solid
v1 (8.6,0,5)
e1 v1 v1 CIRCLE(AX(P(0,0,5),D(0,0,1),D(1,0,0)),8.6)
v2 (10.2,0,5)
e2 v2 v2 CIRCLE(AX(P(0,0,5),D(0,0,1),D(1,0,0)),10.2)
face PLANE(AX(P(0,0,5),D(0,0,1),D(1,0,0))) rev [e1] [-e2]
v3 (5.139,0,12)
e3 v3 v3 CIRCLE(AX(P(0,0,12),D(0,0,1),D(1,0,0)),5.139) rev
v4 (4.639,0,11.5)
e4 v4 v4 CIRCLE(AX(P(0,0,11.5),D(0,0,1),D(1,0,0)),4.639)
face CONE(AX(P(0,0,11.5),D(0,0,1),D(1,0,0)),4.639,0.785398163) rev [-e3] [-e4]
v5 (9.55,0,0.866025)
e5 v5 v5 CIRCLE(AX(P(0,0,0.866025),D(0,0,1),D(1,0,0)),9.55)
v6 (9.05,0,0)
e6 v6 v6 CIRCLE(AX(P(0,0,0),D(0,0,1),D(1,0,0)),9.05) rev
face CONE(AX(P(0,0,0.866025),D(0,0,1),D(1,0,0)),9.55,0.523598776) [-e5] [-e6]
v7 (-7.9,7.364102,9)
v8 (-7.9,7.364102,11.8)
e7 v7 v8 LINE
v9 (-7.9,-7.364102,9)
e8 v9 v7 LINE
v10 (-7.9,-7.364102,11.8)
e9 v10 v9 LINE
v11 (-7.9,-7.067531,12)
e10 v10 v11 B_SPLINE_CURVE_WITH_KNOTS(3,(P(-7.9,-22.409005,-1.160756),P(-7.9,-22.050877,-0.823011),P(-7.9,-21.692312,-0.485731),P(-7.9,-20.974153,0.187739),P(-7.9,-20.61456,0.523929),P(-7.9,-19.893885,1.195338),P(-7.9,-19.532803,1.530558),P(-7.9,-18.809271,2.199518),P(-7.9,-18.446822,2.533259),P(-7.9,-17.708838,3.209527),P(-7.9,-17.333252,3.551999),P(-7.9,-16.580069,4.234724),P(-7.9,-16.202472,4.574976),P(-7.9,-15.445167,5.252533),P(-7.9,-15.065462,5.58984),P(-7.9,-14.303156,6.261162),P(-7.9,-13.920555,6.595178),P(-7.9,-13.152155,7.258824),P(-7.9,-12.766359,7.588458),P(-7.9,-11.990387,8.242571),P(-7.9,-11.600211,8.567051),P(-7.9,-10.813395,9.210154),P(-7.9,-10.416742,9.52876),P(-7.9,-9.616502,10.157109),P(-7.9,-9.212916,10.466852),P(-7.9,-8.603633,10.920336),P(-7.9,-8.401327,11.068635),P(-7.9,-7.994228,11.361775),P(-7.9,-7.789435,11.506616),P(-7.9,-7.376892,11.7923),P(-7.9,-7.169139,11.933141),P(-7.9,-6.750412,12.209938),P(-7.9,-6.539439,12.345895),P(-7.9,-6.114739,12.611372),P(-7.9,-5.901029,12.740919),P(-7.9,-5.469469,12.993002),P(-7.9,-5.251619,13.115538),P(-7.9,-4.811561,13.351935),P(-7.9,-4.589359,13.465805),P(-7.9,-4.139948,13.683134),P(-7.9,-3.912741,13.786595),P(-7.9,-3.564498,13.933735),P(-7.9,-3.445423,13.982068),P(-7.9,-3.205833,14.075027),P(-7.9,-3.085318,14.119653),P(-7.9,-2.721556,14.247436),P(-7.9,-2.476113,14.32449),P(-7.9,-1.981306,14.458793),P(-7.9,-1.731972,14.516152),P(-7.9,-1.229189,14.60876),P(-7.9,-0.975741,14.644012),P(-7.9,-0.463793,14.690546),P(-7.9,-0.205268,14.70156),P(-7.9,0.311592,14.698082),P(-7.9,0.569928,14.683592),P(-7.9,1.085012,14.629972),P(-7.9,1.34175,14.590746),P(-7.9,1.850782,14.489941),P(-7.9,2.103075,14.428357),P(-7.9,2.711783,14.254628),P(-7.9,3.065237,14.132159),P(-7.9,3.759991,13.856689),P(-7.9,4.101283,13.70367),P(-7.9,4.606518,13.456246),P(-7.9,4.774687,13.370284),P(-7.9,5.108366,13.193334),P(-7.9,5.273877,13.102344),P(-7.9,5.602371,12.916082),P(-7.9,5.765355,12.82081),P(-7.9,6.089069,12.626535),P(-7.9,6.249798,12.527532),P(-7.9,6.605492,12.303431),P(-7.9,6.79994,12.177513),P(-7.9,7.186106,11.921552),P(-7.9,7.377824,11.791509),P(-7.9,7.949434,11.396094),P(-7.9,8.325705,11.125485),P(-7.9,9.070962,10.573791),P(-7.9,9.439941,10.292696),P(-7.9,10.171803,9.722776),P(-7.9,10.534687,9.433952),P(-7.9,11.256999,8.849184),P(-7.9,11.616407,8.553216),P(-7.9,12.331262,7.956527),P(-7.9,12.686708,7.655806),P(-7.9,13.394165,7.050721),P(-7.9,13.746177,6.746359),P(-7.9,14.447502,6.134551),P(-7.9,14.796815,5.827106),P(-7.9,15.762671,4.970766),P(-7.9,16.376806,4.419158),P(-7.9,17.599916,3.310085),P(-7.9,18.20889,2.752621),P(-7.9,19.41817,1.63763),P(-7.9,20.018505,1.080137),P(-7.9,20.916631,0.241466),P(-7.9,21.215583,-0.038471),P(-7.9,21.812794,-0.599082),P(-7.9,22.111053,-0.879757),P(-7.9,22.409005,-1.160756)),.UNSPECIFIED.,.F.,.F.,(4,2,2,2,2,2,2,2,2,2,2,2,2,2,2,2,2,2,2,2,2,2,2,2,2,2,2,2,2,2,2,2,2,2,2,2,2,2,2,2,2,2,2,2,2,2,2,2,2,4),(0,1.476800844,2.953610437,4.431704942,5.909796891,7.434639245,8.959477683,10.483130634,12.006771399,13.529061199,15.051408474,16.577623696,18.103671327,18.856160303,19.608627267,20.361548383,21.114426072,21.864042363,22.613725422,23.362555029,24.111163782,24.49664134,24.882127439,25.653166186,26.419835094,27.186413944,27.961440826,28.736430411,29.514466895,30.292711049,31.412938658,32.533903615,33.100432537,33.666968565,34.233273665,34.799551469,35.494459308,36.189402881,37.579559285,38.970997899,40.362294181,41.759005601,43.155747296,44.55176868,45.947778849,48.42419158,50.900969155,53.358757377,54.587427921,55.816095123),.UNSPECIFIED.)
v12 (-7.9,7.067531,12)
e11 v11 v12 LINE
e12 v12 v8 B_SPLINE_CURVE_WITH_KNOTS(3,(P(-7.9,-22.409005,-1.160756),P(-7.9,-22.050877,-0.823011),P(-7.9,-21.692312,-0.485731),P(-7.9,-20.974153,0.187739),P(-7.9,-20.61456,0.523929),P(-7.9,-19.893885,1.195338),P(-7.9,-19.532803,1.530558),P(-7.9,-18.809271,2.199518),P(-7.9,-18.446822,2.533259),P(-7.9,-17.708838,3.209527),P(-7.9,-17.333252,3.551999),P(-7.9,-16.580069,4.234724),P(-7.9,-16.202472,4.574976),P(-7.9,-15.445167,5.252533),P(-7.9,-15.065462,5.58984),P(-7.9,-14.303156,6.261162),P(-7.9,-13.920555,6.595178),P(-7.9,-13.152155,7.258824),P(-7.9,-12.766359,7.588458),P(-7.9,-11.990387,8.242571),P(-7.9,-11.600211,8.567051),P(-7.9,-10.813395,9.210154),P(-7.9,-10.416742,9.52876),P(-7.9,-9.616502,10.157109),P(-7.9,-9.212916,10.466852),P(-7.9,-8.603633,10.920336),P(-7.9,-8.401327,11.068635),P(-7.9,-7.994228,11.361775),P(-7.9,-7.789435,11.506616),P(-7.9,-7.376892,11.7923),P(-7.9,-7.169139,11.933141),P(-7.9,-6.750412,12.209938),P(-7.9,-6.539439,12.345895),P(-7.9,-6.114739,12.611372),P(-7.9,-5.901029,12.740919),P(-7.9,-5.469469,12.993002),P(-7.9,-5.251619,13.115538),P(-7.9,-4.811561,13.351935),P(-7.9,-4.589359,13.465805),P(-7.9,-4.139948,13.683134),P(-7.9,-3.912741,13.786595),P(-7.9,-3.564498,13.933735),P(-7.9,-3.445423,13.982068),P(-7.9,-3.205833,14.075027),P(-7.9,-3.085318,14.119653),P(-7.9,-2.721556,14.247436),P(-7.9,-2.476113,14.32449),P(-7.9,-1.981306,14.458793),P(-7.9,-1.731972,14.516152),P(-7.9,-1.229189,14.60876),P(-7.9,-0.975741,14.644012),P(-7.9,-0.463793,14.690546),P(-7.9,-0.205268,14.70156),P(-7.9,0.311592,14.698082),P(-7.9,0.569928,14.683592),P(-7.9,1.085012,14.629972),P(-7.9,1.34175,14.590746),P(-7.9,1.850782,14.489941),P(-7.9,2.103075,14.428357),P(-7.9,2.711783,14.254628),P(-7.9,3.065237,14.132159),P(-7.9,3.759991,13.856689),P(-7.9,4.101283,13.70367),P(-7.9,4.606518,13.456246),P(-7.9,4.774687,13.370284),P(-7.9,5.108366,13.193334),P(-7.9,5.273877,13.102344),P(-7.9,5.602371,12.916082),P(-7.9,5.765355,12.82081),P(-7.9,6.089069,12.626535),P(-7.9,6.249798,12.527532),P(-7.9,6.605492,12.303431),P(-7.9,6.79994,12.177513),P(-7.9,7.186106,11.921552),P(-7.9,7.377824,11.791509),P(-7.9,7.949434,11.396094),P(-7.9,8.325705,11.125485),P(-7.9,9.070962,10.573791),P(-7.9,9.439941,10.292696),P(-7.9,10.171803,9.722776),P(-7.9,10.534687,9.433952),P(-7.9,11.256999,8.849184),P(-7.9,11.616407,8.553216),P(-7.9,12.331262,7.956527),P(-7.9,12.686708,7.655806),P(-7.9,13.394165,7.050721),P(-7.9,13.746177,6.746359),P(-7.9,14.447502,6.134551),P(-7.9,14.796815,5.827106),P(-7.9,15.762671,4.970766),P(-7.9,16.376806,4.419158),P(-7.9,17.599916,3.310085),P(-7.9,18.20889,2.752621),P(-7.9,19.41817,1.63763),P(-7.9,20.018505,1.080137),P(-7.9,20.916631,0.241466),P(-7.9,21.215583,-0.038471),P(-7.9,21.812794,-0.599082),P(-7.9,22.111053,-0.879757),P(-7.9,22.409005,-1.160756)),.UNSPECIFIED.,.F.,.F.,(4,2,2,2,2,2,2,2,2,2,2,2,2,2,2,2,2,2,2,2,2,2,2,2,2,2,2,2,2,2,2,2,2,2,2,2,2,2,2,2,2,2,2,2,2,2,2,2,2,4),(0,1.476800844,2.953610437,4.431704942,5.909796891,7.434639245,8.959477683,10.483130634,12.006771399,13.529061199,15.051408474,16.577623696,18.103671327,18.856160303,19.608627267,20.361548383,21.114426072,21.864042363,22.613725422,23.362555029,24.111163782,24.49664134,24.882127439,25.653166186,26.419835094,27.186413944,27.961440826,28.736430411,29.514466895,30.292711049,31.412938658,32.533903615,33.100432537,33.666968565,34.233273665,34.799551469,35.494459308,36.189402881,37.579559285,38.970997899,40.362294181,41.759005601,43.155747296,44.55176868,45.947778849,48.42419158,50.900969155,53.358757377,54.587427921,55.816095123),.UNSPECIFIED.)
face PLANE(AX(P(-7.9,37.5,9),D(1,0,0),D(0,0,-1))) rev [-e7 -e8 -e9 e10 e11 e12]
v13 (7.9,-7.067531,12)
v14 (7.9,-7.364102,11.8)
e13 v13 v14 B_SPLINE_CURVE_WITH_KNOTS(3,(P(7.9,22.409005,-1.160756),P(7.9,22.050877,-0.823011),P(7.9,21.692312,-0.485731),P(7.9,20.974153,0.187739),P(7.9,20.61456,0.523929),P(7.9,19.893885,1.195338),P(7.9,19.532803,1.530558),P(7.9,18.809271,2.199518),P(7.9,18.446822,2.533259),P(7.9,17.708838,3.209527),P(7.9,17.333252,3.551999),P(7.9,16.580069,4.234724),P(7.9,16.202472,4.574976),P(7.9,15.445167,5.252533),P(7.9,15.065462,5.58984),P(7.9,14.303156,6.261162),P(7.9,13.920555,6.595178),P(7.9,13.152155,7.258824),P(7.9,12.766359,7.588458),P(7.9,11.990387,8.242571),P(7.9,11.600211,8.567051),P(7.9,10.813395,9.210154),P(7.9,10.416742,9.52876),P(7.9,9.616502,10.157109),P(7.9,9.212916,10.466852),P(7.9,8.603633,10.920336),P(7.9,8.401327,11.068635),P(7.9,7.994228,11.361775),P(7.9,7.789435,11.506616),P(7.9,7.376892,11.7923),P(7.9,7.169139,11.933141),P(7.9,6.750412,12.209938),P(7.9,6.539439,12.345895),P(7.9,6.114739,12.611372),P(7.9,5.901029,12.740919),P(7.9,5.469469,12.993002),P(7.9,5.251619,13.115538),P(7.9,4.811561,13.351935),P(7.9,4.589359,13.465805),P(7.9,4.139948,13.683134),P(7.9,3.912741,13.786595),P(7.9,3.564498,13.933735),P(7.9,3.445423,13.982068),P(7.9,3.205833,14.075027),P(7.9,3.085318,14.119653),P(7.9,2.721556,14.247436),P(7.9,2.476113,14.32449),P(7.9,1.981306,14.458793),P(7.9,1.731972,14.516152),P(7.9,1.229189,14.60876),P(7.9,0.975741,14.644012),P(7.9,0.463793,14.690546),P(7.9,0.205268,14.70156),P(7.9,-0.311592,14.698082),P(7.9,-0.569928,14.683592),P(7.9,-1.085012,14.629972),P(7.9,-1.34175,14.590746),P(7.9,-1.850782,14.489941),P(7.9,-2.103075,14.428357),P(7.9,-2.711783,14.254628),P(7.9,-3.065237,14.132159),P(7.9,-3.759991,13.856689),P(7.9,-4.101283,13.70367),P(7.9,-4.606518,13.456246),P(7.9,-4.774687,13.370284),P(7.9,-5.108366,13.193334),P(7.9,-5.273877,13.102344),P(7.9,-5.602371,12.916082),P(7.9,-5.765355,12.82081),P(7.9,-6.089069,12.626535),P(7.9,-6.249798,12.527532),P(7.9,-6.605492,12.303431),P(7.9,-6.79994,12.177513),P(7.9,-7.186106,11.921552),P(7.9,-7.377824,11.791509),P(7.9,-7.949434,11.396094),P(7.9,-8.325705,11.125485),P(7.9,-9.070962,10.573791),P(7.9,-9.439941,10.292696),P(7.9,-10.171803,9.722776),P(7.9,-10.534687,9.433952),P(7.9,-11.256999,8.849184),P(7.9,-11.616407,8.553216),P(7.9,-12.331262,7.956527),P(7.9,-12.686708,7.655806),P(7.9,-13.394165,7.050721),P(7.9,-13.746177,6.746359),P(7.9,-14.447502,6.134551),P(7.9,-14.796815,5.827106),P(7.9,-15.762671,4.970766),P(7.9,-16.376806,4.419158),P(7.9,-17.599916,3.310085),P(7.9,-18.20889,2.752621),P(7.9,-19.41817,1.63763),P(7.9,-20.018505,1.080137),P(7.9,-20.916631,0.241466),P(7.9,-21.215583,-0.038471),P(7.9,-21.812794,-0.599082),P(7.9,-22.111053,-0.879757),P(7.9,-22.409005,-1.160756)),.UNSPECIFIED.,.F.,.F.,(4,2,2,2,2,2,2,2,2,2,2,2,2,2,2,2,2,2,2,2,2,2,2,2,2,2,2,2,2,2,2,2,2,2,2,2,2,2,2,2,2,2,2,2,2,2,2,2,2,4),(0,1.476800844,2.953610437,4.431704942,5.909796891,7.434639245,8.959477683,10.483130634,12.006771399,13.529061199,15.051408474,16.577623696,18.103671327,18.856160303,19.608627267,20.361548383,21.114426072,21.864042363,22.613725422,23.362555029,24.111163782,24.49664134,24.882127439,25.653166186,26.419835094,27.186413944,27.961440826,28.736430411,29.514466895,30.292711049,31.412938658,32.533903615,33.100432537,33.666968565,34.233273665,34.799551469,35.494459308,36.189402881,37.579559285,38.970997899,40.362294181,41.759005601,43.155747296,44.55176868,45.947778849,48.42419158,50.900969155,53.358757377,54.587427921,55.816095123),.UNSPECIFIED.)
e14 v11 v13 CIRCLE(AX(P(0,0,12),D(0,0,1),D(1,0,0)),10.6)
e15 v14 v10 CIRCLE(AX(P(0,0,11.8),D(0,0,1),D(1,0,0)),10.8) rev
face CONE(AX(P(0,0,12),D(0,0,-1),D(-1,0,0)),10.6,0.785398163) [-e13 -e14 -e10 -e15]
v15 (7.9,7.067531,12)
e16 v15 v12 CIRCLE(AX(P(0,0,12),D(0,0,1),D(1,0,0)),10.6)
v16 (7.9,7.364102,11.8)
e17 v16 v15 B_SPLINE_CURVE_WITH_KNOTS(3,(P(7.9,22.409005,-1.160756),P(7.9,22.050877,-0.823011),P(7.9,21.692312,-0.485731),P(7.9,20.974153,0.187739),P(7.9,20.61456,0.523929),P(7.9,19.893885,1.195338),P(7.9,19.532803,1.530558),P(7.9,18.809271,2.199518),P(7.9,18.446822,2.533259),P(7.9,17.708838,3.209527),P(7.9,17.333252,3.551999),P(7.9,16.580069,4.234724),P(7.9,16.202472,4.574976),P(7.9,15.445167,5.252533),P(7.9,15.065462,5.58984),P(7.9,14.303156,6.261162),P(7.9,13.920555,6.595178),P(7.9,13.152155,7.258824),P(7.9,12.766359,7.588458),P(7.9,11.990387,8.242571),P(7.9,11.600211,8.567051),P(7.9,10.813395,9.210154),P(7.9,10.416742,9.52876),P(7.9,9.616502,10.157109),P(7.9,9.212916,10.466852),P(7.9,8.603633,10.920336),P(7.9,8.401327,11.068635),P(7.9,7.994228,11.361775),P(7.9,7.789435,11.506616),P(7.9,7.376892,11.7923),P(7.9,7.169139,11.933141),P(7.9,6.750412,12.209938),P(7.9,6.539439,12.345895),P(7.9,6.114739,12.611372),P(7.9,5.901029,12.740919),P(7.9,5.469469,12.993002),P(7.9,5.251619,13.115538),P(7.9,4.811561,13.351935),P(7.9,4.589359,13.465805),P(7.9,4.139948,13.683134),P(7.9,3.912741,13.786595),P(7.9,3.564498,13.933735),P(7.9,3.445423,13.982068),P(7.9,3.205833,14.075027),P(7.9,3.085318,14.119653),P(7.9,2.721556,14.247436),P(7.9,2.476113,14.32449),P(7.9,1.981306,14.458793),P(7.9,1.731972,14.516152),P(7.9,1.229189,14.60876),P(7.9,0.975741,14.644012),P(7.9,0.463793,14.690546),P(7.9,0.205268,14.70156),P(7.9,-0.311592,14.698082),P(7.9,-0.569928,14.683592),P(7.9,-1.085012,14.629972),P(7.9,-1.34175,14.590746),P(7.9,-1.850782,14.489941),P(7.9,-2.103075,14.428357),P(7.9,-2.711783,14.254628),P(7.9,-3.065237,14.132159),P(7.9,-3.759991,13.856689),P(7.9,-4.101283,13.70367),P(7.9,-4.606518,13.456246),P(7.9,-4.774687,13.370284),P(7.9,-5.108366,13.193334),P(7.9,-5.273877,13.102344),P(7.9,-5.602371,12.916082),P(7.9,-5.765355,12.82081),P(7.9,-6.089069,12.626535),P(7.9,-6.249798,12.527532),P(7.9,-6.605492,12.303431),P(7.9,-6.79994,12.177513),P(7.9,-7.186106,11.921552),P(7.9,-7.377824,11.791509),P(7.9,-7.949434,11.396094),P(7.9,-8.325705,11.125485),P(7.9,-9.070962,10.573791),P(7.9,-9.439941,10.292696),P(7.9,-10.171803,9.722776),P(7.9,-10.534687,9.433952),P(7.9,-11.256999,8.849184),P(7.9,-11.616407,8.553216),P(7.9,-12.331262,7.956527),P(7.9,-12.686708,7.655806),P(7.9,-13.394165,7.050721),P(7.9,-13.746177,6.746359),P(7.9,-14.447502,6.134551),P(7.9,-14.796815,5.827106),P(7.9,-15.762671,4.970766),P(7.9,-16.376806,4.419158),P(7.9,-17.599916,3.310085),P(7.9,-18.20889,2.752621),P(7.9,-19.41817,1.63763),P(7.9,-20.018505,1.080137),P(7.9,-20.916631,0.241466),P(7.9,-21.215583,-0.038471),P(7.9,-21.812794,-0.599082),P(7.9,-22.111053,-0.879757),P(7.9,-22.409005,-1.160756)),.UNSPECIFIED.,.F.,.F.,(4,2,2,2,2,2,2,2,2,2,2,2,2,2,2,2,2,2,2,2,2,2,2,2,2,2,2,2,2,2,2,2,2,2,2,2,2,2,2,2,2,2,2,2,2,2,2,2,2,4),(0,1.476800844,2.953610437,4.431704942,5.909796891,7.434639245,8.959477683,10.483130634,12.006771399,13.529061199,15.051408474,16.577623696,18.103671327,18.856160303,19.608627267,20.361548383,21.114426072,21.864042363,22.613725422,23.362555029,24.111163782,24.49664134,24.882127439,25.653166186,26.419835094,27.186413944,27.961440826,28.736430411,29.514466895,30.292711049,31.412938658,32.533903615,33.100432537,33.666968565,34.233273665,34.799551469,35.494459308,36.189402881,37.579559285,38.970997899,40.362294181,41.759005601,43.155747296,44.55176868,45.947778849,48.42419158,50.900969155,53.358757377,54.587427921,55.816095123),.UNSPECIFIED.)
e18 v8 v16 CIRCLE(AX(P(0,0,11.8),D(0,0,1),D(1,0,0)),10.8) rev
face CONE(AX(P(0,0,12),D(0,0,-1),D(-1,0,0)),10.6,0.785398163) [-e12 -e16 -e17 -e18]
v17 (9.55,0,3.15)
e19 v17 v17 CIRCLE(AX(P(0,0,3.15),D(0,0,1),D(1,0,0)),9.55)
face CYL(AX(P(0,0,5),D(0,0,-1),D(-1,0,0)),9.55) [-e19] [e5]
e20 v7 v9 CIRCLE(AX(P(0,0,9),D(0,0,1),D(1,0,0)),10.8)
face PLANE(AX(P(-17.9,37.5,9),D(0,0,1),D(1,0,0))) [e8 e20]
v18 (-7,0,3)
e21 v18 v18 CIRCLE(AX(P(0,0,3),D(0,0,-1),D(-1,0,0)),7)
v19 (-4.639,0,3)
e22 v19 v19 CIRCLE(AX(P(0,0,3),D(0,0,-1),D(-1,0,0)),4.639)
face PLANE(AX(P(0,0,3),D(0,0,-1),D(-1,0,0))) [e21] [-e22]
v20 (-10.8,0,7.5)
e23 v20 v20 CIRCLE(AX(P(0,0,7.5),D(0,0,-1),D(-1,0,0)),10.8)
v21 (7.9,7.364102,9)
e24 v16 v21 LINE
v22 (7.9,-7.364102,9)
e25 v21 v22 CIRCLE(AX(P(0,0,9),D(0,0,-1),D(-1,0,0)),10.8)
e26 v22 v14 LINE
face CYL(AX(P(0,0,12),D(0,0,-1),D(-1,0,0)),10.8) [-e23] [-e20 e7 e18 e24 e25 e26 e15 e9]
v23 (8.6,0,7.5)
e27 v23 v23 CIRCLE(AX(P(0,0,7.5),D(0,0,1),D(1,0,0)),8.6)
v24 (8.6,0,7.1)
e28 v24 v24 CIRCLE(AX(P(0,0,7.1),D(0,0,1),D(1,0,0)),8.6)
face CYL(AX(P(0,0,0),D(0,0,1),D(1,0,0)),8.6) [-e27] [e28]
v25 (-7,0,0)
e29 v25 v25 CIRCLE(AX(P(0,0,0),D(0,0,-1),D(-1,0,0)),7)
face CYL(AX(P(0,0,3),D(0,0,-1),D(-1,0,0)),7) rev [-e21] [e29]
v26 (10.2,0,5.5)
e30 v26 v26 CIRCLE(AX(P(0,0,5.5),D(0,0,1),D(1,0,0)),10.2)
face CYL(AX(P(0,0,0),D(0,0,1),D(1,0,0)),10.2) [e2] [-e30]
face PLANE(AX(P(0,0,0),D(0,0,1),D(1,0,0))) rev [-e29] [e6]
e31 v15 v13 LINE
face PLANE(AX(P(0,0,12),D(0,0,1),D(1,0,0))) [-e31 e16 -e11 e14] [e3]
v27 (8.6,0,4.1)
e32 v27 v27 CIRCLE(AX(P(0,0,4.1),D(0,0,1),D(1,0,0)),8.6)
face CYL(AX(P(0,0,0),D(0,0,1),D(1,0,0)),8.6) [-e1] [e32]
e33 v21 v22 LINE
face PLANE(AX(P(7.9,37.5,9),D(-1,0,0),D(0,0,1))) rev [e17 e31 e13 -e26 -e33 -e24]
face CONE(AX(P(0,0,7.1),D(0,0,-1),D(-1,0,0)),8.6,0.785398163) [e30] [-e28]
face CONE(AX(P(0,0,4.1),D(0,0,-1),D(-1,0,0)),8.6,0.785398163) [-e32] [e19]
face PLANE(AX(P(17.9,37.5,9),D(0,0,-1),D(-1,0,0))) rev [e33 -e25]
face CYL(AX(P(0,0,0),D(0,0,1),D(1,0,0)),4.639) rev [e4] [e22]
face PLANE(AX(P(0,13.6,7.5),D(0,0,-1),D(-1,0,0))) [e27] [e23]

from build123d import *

# Parameters (mm, degrees)
SKETCH1_R                = 9.55
TUBEINTERFACE1_DEPTH     = 5
SKETCH3_R                = 10.8
BODY_DEPTH               = 7
BODYCHAMFER_SIZE         = 0.2
SKETCH4_W                = 10
SKETCH4_H                = 75
FLATS_DEPTH              = 3
SKETCH27_R               = 7
HEADCOVERBORE_DEPTH      = 3
SKETCH28_R               = 4.639
INLINE_PORT_DEPTH        = 20.423696867
INLINE_PORT_CHAMFER_SIZE = 0.5
CHAMFER4_SIZE            = 0.5
CHAMFER4_SIZE2           = 0.866025404


with BuildPart() as part:
    # Sketch1 → TubeInterface1 (new body)
    with BuildSketch(Plane.XY):
        Circle(SKETCH1_R)
    extrude(amount=TUBEINTERFACE1_DEPTH)

    # Sketch3 → Body (add)
    with BuildSketch(Plane.XY.offset(5)):
        Circle(SKETCH3_R)
    extrude(amount=BODY_DEPTH)

    # BodyChamfer
    bodychamfer_edges = [part.edges().sort_by_distance(p)[0] for p in [
        (-10.8, 0, 12),
    ]]
    chamfer(bodychamfer_edges, length=BODYCHAMFER_SIZE)

    # Sketch4 → Flats (cut)
    with BuildSketch(Plane.XY.offset(12)):
        with Locations((-12.9, 0)):
            Rectangle(SKETCH4_W, SKETCH4_H)
        with Locations((12.9, 0)):
            Rectangle(SKETCH4_W, SKETCH4_H)
    extrude(amount=-FLATS_DEPTH, mode=Mode.SUBTRACT)

    # Sketch23 → RodCoverCrimp (revolve, cut)
    with BuildSketch(Plane(origin=(0, 0, 0), x_dir=(0, 0, -1), z_dir=(1, 0, 0)), mode=Mode.PRIVATE) as rodcovercrimp_sk:
        Polygon((-7.5, 13.6), (-5, 13.6), (-5, 10.2), (-5.5, 10.2), (-7.1, 8.6), (-7.5, 8.6), align=None)
    revolve(rodcovercrimp_sk.sketch.rotate(Axis((0, 0, 0), (0, 0, -1)), 90), axis=Axis((0, 0, 0), (0, 0, -1)), mode=Mode.SUBTRACT)

    # Sketch24 → TubeInterfaceCrimp (revolve, cut)
    with BuildSketch(Plane(origin=(0, 0, 0), x_dir=(0, 0, -1), z_dir=(1, 0, 0)), mode=Mode.PRIVATE) as tubeinterfacecrimp_sk:
        Polygon((-5, 34.292463075), (-5, 8.6), (-4.1, 8.6), (-3.15, 9.55), (0, 9.55), (0, 34.292463075), align=None)
    revolve(tubeinterfacecrimp_sk.sketch.rotate(Axis((0, 0, 0), (0, 0, -1)), 90), axis=Axis((0, 0, 0), (0, 0, -1)), mode=Mode.SUBTRACT)

    # Sketch27 → HeadCoverBore (cut)
    with BuildSketch(Plane(origin=(0, 0, 0), x_dir=(-1, 0, 0), z_dir=(0, 0, -1))):
        Circle(SKETCH27_R)
    extrude(amount=-HEADCOVERBORE_DEPTH, mode=Mode.SUBTRACT)

    # Sketch28 → Inline Port (cut, through all)
    with BuildSketch(Plane.XY.offset(12)):
        Circle(SKETCH28_R)
    extrude(amount=-INLINE_PORT_DEPTH, mode=Mode.SUBTRACT)

    # Inline Port Chamfer
    inline_port_chamfer_edges = [part.edges().sort_by_distance(p)[0] for p in [
        (-4.639, 0, 12),
    ]]
    chamfer(inline_port_chamfer_edges, length=INLINE_PORT_CHAMFER_SIZE)

    # Chamfer4
    chamfer4_edges = [part.edges().sort_by_distance(p)[0] for p in [
        (-9.55, 0, 0),
    ]]
    chamfer4_side = [part.faces().sort_by_distance(p)[0] for p in [
        (-9.27988521, 0, 0),
    ]]
    chamfer(chamfer4_edges, length=CHAMFER4_SIZE, length2=CHAMFER4_SIZE2, reference=chamfer4_side[0])


solid = part.part
